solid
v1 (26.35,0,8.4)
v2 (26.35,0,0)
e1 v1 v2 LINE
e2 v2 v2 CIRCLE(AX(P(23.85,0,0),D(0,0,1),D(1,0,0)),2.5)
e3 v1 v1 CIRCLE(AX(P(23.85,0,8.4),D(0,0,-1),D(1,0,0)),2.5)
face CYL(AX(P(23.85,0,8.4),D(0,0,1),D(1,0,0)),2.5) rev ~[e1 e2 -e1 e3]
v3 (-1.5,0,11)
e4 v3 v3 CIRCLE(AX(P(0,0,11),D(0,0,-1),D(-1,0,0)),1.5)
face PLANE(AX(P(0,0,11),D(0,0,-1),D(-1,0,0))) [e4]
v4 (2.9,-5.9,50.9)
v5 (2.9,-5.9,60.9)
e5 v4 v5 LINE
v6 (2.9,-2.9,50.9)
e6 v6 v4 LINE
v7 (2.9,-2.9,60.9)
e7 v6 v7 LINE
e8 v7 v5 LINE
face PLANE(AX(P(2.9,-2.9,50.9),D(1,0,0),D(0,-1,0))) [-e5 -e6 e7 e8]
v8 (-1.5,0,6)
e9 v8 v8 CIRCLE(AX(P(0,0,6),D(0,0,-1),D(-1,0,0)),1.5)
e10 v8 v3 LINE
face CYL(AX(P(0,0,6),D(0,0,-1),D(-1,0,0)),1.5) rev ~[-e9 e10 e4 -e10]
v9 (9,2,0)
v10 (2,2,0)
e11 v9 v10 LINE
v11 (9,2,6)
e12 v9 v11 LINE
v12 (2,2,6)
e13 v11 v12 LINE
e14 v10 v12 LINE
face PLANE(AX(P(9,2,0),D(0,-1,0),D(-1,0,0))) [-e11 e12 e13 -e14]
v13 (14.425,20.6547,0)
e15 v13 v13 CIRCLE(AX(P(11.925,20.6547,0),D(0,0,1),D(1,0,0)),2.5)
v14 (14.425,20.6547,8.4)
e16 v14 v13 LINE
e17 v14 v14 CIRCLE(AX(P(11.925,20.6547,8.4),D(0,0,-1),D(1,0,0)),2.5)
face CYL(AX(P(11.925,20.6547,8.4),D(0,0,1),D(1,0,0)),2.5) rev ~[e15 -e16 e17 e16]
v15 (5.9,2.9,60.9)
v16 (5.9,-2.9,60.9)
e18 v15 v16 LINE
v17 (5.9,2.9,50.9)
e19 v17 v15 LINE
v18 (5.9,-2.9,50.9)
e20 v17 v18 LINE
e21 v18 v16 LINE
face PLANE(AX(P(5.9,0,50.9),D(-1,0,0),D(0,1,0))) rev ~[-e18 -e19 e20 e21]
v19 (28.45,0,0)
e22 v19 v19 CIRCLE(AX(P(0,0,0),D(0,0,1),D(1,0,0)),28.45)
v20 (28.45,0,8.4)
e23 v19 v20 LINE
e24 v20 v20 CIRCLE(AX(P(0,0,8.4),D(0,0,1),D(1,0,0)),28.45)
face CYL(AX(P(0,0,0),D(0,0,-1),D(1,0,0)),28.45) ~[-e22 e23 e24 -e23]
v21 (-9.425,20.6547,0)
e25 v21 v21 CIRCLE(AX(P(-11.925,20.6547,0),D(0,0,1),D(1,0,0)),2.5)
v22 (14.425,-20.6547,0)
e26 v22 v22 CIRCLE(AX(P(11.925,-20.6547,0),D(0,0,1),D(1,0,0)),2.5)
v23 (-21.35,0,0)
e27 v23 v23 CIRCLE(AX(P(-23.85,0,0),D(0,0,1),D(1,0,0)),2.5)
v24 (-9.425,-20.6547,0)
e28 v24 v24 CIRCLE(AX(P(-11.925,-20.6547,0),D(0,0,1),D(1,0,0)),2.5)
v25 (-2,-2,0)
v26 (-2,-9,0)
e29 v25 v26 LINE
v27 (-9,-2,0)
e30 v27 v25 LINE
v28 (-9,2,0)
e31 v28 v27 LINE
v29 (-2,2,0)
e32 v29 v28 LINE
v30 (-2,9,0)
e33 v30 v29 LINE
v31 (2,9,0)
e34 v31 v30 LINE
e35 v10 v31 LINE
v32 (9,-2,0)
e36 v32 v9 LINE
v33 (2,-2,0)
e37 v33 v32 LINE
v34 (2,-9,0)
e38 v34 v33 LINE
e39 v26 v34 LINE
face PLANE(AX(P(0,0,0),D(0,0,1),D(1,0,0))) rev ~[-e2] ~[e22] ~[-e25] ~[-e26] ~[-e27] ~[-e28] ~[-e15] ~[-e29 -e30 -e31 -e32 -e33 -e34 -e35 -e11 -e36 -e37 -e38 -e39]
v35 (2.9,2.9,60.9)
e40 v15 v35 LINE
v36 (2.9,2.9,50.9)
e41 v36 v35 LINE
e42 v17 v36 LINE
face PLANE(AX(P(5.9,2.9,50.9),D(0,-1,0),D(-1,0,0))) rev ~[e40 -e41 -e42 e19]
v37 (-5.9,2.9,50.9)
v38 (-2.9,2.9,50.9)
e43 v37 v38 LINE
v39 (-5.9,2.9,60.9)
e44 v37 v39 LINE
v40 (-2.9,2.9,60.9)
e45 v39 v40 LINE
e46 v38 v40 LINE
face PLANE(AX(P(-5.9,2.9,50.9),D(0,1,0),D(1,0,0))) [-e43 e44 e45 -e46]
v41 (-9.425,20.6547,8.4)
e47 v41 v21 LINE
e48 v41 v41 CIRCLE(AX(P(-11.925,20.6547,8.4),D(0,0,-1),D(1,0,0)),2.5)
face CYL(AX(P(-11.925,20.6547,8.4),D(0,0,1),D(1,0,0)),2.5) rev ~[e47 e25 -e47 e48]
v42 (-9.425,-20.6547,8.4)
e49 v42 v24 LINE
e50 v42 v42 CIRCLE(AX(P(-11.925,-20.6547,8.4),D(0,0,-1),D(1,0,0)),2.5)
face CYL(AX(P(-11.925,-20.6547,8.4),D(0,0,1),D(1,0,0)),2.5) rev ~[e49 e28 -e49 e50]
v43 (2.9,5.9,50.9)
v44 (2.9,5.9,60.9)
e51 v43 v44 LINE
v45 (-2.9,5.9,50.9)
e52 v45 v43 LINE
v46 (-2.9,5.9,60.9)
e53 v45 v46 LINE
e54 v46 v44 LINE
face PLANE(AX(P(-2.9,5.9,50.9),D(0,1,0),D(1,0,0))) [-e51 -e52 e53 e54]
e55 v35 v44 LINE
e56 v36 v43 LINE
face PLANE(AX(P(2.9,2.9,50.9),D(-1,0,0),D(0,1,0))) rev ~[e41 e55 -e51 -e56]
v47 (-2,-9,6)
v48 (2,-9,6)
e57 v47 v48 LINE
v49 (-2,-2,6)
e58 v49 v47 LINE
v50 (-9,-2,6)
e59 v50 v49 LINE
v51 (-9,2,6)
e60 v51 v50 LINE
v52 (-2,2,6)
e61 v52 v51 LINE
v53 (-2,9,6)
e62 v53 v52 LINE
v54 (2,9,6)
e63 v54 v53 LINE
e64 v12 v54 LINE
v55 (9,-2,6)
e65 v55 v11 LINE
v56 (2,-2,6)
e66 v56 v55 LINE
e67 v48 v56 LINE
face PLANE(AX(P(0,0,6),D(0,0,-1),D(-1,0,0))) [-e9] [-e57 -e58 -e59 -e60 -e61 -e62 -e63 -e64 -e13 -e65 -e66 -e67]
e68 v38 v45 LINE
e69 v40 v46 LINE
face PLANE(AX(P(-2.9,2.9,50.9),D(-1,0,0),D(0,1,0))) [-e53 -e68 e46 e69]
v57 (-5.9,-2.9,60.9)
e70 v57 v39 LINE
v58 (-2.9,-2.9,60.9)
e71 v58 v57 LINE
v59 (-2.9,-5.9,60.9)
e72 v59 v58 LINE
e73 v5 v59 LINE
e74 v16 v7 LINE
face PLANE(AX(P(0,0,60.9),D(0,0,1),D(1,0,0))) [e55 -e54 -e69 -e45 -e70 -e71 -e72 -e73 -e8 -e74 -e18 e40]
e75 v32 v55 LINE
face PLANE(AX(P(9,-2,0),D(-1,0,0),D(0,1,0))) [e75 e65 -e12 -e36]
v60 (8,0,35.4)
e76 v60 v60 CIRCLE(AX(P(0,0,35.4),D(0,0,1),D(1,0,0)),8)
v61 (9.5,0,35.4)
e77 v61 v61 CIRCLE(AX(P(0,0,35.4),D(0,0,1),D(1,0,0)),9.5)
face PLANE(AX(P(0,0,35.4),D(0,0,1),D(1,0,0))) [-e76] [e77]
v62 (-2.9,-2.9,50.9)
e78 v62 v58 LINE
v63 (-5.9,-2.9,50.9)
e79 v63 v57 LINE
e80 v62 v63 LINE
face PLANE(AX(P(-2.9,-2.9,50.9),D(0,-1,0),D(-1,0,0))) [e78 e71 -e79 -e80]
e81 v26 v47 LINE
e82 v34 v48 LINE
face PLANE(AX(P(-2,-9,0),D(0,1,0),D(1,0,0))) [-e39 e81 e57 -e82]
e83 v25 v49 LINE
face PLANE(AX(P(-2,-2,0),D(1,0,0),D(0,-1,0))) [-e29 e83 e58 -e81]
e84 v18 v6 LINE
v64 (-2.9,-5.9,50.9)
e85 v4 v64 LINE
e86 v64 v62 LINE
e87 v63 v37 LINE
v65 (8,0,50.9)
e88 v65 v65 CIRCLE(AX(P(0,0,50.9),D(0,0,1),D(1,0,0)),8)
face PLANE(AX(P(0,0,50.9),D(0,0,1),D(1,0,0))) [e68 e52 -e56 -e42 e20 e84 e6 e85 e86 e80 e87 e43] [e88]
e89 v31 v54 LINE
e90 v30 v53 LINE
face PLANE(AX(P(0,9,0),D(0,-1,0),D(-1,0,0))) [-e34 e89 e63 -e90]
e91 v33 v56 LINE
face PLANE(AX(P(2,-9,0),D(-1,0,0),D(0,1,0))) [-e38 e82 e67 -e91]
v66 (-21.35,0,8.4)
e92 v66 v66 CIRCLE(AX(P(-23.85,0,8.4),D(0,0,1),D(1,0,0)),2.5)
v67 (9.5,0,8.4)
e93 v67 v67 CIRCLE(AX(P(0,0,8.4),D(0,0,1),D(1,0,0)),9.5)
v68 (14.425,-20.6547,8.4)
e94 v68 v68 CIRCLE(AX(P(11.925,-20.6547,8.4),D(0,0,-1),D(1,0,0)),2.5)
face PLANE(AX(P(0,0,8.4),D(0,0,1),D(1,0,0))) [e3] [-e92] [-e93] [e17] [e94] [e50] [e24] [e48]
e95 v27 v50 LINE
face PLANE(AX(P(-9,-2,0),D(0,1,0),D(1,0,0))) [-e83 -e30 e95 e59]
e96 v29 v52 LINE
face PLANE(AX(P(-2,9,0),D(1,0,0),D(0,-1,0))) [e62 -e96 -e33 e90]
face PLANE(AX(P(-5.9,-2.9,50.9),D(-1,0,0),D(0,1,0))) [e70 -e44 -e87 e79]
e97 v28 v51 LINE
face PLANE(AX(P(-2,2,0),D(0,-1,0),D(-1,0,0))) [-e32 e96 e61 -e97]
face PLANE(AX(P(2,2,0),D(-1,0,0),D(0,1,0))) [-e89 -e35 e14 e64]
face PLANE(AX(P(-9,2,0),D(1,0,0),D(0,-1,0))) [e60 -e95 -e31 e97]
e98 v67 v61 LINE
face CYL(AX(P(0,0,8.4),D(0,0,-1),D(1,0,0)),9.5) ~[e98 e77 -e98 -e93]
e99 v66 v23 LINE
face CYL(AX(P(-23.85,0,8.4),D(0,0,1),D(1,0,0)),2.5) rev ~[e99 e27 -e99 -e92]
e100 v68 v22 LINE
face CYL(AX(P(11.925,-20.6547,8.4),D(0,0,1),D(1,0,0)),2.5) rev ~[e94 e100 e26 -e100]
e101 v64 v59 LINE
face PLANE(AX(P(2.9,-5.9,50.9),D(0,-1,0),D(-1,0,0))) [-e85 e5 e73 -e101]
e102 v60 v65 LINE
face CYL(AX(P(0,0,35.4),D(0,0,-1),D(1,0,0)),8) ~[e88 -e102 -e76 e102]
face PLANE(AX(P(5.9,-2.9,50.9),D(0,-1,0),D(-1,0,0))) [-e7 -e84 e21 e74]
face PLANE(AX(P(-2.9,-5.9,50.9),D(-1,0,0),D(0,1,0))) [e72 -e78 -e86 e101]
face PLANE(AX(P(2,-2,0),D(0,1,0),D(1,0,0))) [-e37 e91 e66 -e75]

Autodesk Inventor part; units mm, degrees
ref_plane "YZ Plane" through (0, 0, 0) normal (1, 0, 0) x (0, 1, 0)
ref_plane "XZ Plane" through (0, 0, 0) normal (0, 1, 0) x (-1, 0, 0)
ref_plane "XY Plane" through (0, 0, 0) normal (0, 0, 1) x (1, 0, 0)
sketch "Sketch1" plane through (0, 0, 0) normal (0, 0, 1) x (1, 0, 0)
  circle A0 centre (0, 0) radius 28.45
  dimension "d0" = 56.9
extrude "Extrusion1" add sketch "Sketch1" along normal blind 8.4
sketch "Sketch2" plane through (0, 0, 8.4) normal (0, 0, 1) x (1, 0, 0)
  line L0 (0, 0) -> (23.85, 0)
  line L1 (0, 0) -> (11.925, 20.6547)
  line L2 (0, 0) -> (23.85, 0) construction
  line L3 (0, 0) -> (-11.925, 20.6547)
  line L4 (0, 0) -> (23.85, 0) construction
  line L5 (0, 0) -> (-23.85, 0)
  line L6 (0, 0) -> (23.85, 0) construction
  line L7 (0, 0) -> (11.925, -20.6547)
  line L8 (0, 0) -> (23.85, 0) construction
  line L9 (0, 0) -> (-11.925, -20.6547)
  line L10 (0, 0) -> (23.85, 0) construction
  circle A0 centre (23.85, 0) radius 2.5
  circle A1 centre (11.925, 20.6547) radius 2.5
  circle A2 centre (11.925, -20.6547) radius 2.5
  circle A3 centre (-11.925, -20.6547) radius 2.5
  circle A4 centre (-23.85, 0) radius 2.5
  circle A5 centre (-11.925, 20.6547) radius 2.5
  dimension "d3" = 23.85
  dimension "d4" = 23.85
  dimension "d5" = 60
  dimension "d6" = 23.85
  dimension "d7" = 120
  dimension "d8" = 23.85
  dimension "d9" = 180
  dimension "d10" = 23.85
  dimension "d11" = 60
  dimension "d12" = 23.85
  dimension "d13" = 120
  dimension "d14" = 5
  dimension "d15" = 5
  dimension "d16" = 5
  dimension "d17" = 5
  dimension "d18" = 5
  dimension "d19" = 5
extrude "Extrusion2" cut sketch "Sketch2" against normal blind 8.4
sketch "Sketch3" plane through (0, 0, 8.4) normal (0, 0, 1) x (1, 0, 0)
  circle A0 centre (0, 0) radius 9.5
  dimension "d22" = 19
extrude "Extrusion3" add sketch "Sketch3" along normal blind 27
sketch "Sketch4" plane through (0, 0, 35.4) normal (0, 0, 1) x (1, 0, 0)
  circle A0 centre (0, 0) radius 8
  dimension "d25" = 16
extrude "Extrusion4" add sketch "Sketch4" along normal blind 15.5
sketch "Sketch6" plane through (0, 0, 0) normal (0, 0, -1) x (-1, 0, 0)
  line L0 (0, 0) -> (0, 9)
  line L1 (0, 9) -> (2, 9)
  line L2 (2, 9) -> (2, 2)
  line L3 (2, 2) -> (9, 2)
  line L4 (9, 2) -> (9, -2)
  line L5 (9, -2) -> (2, -2)
  line L6 (2, -2) -> (2, -9)
  line L7 (2, -9) -> (-2, -9)
  line L8 (-2, -9) -> (-2, -2)
  line L9 (-2, -2) -> (-9, -2)
  line L10 (-9, -2) -> (-9, 2)
  line L11 (-9, 2) -> (-2, 2)
  line L12 (-2, 2) -> (-2, 9)
  line L13 (-2, 9) -> (0, 9)
  dimension "d120" = 9
  dimension "d121" = 2
  dimension "d122" = 7
  dimension "d124" = 7
  dimension "d125" = 4
  dimension "d126" = 7
  dimension "d127" = 7
  dimension "d128" = 4
  dimension "d129" = 7
  dimension "d130" = 7
  dimension "d131" = 4
  dimension "d132" = 7
  dimension "d133" = 7
extrude "Extrusion6" cut sketch "Sketch6" against normal blind 6
sketch "Sketch7" plane through (0, 0, 6) normal (0, 0, -1) x (-1, 0, 0)
  circle A0 centre (0, 0) radius 1.5
  dimension "d91" = 3
extrude "Extrusion7" cut sketch "Sketch7" against normal blind 5
thread "Thread3" size "M3x0.5" class "6H" standard "ANSI Metric M Profile" full length
sketch "Sketch12" plane through (0, 0, 50.9) normal (0, 0, 1) x (1, 0, 0)
  line L0 (0, 0) -> (5.9, 0)
  line L1 (5.9, 0) -> (5.9, 2.9)
  line L2 (5.9, 0) -> (5.9, -2.9)
  line L3 (5.9, 2.9) -> (2.9, 2.9)
  line L4 (2.9, 2.9) -> (2.9, 5.9)
  line L5 (5.9, -2.9) -> (2.9, -2.9)
  line L6 (2.9, -2.9) -> (2.9, -5.9)
  line L7 (2.9, -5.9) -> (-2.9, -5.9)
  line L8 (-2.9, -5.9) -> (-2.9, -2.9)
  line L9 (-2.9, -2.9) -> (-5.9, -2.9)
  line L10 (-5.9, -2.9) -> (-5.9, 2.9)
  line L11 (-5.9, 2.9) -> (-2.9, 2.9)
  line L12 (-2.9, 2.9) -> (-2.9, 5.9)
  line L13 (-2.9, 5.9) -> (2.9, 5.9)
  dimension "d221" = 5.9
  dimension "d222" = 2.9
  dimension "d223" = 2.9
  dimension "d224" = 3
  dimension "d225" = 3
  dimension "d226" = 3
  dimension "d227" = 3
  dimension "d228" = 5.8
  dimension "d229" = 3
  dimension "d230" = 3
  dimension "d231" = 5.8
  dimension "d232" = 3
  dimension "d233" = 3
extrude "Extrusion11" add sketch "Sketch12" along normal blind 10
properties part number "OmniWheelAxle"
